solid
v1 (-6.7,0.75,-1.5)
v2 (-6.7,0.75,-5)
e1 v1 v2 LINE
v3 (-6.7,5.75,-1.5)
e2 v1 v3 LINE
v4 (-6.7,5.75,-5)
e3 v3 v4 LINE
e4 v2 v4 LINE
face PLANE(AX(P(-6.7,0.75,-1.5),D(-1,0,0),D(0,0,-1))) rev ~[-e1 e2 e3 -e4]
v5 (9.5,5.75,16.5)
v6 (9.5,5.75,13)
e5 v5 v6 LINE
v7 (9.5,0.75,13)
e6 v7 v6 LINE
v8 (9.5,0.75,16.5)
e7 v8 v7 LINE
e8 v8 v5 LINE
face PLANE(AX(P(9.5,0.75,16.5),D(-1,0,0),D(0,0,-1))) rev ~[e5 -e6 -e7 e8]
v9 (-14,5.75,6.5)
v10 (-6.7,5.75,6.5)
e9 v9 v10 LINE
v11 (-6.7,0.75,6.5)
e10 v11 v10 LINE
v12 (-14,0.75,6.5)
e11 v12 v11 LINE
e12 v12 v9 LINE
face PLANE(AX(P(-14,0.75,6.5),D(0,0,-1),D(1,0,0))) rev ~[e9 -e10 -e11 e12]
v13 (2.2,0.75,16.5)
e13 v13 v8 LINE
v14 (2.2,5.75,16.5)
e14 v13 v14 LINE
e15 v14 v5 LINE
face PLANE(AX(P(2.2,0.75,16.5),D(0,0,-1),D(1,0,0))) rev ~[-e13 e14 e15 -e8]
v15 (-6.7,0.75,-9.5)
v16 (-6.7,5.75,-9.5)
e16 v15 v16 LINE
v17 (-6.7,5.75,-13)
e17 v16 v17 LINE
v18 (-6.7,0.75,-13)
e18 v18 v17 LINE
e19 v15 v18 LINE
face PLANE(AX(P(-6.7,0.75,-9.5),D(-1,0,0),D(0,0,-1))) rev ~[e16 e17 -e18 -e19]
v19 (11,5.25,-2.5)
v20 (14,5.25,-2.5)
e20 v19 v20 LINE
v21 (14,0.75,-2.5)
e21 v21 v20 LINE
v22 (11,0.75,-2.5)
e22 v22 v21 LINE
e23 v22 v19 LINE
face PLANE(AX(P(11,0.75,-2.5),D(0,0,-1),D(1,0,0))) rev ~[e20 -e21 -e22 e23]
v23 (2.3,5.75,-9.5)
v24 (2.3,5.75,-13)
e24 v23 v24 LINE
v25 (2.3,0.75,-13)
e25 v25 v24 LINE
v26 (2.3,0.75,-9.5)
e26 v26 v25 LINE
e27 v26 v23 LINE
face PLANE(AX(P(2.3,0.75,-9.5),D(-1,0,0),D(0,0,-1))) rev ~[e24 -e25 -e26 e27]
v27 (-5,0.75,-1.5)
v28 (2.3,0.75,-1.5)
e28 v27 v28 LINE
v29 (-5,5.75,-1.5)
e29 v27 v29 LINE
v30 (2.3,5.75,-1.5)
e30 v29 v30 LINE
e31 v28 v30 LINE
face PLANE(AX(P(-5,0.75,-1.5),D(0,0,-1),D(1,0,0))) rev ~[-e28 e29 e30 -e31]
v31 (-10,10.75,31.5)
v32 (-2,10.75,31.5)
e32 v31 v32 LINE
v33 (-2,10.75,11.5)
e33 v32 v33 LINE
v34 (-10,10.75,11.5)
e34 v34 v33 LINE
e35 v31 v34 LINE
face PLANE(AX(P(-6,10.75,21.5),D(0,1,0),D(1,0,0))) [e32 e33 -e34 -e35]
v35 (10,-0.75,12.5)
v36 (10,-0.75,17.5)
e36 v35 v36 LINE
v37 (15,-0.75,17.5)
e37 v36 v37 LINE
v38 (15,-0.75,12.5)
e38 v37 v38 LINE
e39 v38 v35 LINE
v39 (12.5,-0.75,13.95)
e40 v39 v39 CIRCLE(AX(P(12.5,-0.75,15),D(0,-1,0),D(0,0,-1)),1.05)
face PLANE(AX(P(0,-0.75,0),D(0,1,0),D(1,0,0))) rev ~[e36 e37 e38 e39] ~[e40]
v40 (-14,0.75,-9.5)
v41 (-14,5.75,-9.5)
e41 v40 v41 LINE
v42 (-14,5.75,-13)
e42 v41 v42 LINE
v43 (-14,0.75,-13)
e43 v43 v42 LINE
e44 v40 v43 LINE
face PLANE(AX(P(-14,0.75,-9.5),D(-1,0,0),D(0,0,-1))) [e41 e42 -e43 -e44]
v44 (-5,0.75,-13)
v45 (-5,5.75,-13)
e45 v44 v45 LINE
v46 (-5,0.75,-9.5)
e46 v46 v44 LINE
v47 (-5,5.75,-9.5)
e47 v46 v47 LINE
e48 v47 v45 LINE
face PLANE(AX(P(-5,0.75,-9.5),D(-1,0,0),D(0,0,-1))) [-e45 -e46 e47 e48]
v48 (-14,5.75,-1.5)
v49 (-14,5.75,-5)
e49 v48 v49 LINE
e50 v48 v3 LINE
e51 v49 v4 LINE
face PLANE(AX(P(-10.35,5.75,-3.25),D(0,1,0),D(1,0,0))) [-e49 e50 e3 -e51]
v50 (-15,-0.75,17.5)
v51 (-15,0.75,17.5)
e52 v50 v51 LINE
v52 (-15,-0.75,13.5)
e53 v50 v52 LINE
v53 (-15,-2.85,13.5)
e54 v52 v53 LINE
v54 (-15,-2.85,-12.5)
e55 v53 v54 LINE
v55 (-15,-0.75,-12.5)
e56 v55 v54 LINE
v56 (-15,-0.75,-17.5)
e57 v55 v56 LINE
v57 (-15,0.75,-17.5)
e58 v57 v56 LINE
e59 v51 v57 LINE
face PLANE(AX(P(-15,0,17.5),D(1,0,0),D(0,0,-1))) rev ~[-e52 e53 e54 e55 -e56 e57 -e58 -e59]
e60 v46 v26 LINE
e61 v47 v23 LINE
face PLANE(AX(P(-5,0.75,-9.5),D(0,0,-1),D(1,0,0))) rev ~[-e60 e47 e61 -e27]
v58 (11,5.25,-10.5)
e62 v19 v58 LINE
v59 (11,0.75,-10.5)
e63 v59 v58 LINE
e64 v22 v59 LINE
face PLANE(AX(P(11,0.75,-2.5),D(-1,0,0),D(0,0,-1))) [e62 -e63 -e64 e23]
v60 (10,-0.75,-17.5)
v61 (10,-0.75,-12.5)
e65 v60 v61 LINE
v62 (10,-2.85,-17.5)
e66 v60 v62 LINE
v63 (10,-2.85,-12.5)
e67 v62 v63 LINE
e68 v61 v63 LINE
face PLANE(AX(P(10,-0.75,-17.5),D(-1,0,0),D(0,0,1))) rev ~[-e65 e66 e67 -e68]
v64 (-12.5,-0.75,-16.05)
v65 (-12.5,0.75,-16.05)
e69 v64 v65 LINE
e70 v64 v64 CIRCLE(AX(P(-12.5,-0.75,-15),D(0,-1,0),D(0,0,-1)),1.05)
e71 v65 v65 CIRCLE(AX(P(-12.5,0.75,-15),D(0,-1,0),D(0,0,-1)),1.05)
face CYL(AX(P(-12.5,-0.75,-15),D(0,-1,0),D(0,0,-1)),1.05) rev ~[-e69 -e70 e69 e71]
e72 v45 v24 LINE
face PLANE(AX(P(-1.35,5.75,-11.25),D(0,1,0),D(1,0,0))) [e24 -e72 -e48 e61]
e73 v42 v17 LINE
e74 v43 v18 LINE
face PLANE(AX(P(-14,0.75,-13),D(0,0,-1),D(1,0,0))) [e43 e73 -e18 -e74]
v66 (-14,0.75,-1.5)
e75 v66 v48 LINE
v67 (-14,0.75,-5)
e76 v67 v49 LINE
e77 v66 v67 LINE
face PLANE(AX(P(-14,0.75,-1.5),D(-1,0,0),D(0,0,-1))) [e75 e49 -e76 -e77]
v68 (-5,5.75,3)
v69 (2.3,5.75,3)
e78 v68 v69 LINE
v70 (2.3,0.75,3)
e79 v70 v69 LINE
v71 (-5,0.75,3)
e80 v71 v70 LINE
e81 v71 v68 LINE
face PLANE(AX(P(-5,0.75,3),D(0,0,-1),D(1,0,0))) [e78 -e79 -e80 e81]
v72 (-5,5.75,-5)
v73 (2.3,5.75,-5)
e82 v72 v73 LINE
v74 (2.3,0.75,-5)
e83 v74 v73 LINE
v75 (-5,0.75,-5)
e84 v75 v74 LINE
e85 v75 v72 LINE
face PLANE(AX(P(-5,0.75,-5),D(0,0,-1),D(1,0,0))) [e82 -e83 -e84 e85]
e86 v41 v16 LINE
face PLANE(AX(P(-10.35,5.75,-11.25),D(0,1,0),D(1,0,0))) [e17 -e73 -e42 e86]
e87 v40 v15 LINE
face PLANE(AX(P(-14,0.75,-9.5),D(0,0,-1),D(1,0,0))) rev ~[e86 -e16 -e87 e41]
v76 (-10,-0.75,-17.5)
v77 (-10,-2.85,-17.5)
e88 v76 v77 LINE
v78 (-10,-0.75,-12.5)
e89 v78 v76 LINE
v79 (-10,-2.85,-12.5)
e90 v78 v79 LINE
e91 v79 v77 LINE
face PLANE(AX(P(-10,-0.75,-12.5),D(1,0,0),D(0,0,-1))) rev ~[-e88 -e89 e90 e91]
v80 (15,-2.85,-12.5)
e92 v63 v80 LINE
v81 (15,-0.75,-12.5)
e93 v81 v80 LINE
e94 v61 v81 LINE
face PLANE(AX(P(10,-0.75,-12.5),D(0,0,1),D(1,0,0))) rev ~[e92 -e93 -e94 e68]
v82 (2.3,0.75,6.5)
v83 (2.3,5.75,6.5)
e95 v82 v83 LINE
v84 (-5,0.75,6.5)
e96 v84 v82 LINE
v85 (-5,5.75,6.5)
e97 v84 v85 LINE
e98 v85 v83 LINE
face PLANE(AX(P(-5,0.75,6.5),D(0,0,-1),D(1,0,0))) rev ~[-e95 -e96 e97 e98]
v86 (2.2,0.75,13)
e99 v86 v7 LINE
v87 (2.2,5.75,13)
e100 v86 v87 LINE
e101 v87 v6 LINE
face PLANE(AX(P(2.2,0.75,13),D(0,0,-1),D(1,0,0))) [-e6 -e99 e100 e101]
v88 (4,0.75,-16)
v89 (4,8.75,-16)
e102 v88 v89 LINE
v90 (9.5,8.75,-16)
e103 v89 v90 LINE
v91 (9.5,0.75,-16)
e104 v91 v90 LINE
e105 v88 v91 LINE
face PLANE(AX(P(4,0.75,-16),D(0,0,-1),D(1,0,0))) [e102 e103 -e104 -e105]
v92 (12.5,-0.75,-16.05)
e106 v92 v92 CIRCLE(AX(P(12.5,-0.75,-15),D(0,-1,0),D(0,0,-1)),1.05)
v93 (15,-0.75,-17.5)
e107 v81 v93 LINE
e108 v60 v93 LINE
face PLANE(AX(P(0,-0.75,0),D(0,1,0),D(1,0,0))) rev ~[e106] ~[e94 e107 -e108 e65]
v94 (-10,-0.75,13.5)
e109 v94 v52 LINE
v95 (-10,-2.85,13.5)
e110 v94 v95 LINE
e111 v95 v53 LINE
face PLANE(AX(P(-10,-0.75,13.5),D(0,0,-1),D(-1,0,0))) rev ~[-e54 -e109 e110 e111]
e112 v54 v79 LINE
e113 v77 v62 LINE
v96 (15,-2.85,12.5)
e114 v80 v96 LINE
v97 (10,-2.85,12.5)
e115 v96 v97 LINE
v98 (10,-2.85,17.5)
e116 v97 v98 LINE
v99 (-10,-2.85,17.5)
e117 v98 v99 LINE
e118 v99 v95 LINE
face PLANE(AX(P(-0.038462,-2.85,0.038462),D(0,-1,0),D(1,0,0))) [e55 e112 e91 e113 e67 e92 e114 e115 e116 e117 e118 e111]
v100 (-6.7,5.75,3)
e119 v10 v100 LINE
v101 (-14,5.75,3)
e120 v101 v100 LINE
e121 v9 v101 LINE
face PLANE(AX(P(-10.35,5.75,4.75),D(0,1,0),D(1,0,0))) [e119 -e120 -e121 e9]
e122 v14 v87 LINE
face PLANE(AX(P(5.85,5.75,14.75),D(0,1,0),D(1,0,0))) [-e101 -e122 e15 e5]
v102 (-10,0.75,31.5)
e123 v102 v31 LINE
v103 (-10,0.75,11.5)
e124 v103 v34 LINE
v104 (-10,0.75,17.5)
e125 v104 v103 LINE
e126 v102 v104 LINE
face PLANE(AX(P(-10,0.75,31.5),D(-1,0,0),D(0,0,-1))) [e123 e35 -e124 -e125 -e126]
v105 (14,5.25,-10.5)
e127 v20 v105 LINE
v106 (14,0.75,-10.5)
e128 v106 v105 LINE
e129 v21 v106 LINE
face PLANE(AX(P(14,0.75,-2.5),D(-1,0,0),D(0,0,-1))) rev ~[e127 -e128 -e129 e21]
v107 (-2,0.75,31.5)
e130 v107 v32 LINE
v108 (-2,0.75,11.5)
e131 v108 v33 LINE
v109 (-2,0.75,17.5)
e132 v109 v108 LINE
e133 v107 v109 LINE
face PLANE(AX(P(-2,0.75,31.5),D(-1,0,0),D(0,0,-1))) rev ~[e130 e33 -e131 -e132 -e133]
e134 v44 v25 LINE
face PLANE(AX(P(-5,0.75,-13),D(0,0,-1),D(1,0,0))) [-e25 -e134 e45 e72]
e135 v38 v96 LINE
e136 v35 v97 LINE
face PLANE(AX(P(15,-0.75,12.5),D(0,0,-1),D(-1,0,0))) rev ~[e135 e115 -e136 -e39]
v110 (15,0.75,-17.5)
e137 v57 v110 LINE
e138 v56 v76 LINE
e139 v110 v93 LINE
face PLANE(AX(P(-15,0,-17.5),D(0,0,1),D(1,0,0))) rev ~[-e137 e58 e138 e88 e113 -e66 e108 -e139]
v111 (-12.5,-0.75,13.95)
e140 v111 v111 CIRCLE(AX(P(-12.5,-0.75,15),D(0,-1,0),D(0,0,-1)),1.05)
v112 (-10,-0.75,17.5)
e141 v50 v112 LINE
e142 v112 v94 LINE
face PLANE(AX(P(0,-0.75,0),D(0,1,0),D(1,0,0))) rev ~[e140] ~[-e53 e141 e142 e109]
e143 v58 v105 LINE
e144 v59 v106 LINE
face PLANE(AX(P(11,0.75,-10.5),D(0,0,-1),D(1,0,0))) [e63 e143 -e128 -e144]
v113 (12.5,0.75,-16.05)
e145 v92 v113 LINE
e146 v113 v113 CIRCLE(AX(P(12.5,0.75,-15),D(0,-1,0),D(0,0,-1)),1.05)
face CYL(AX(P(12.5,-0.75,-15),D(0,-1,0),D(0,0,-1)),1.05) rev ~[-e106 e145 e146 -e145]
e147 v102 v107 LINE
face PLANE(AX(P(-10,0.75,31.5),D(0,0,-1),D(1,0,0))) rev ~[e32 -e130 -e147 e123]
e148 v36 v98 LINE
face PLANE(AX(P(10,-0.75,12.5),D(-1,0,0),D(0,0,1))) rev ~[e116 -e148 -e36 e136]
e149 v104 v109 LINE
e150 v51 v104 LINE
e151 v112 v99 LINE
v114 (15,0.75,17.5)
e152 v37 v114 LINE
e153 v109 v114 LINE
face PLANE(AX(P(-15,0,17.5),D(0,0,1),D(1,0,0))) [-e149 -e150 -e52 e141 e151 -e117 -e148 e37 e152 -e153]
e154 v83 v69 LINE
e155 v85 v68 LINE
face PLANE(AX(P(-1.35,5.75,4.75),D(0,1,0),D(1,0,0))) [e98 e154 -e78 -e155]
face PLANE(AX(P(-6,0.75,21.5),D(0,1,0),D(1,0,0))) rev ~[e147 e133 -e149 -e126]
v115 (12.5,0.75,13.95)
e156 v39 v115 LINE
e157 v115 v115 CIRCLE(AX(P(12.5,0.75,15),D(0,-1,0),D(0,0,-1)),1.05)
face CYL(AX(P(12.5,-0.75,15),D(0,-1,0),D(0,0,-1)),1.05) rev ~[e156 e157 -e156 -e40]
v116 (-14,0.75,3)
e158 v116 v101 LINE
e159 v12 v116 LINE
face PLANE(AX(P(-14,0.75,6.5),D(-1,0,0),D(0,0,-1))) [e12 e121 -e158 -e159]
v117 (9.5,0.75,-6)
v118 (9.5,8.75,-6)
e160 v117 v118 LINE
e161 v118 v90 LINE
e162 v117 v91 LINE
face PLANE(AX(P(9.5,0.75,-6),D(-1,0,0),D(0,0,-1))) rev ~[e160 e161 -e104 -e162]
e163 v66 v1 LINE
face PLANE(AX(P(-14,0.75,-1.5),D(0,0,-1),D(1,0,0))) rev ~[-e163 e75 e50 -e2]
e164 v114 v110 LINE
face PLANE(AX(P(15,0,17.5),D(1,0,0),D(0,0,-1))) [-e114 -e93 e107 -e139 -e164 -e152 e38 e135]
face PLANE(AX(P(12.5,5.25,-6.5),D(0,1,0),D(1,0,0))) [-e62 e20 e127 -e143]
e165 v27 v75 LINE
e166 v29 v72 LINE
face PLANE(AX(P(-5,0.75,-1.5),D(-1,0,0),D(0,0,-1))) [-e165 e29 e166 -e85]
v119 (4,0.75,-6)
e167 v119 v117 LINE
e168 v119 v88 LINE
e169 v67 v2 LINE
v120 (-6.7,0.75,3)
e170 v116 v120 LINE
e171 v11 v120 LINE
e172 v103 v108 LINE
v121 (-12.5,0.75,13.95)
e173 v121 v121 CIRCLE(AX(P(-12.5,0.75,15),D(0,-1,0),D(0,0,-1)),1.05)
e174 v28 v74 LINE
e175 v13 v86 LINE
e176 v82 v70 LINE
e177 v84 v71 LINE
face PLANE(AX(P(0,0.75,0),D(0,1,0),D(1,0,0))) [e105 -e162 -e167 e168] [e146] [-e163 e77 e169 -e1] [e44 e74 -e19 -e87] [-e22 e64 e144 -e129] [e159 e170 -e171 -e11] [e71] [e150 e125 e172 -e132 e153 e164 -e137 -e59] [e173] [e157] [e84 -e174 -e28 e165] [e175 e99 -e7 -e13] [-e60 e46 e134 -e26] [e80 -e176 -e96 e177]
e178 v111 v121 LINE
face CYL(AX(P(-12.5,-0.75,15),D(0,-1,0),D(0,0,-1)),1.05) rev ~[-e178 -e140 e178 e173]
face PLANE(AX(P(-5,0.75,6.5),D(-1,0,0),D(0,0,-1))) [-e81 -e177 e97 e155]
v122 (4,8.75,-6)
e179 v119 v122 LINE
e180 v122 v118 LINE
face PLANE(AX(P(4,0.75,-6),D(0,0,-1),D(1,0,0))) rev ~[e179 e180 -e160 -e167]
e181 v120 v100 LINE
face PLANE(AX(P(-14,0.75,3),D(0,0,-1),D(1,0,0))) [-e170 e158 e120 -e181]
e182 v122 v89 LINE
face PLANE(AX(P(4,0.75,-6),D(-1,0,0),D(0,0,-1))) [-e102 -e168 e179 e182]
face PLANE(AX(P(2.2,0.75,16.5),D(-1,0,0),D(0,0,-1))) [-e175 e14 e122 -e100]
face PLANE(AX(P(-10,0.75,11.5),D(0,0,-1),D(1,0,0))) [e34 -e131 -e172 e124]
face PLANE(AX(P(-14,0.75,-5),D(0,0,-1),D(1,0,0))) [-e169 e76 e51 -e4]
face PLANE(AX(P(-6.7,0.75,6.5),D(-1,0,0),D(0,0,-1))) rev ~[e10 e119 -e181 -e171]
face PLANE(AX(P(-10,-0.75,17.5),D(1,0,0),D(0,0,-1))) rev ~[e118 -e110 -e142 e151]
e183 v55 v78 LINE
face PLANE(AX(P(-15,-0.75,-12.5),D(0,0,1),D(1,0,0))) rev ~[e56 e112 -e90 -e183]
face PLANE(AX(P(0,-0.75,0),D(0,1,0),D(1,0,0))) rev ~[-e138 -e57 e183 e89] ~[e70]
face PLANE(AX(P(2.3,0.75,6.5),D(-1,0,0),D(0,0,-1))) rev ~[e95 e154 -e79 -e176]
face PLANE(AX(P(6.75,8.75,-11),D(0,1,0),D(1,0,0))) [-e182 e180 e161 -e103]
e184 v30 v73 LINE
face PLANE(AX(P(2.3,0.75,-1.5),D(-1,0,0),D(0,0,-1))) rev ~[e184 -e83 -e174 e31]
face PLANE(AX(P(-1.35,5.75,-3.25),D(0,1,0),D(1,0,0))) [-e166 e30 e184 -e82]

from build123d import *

# Parameters (mm, degrees)
SKETCH_1_W                       = 30
SKETCH_1_H                       = 35
EXTRUDE_1_DEPTH                  = 0.75
SKETCH_2_R                       = 1.05
CUT_EXTRUDE_1_DEPTH              = 1.5
EXTRUDE_2_DEPTH                  = 2.1
SKETCH_4_W                       = 7.3
SKETCH_4_H                       = 3.5
EXTRUDE_3_DEPTH                  = 5
SKETCH_5_W                       = 7.3
SKETCH_5_H                       = 3.5
EXTRUDE_4_DEPTH                  = 5
PATTERN_LINEAR_1_COUNT           = 2
PATTERN_LINEAR_1_PITCH           = 9
PATTERN_LINEAR_2_COUNT           = 3
PATTERN_LINEAR_2_PITCH           = 8
PATTERN_LINEAR_2_COPY_1_SKETCH_W = 7.3
PATTERN_LINEAR_2_COPY_1_SKETCH_H = 3.5
PATTERN_LINEAR_2_COPY_1_DEPTH    = 5
PATTERN_LINEAR_2_COPY_2_SKETCH_W = 7.3
PATTERN_LINEAR_2_COPY_2_SKETCH_H = 3.5
PATTERN_LINEAR_2_COPY_2_DEPTH    = 5
SKETCH_6_W                       = 3
SKETCH_6_H                       = 8
EXTRUDE_5_DEPTH                  = 4.5
SKETCH_7_W                       = 8
SKETCH_7_H                       = 20
EXTRUDE_6_DEPTH                  = 10
SKETCH_8_W                       = 5.5
SKETCH_8_H                       = 10
EXTRUDE_7_DEPTH                  = 8


with BuildPart() as part:
    # ｽｹｯﾁ1 → ﾎﾞｽ - 押し出し1 (new, symmetric)
    with BuildSketch(Plane(origin=(0, 0, 0), x_dir=(1, 0, 0), z_dir=(0, 1, 0))):
        Rectangle(SKETCH_1_W, SKETCH_1_H)
    extrude(amount=EXTRUDE_1_DEPTH, both=True)

    # ｽｹｯﾁ2 → ｶｯﾄ - 押し出し1 (cut)
    with BuildSketch(Plane.XZ.offset(0.75)):
        with Locations(Location((-12.5, 15, 0), (0, 0, 270))):
            Circle(SKETCH_2_R)
        with Locations(Location((-12.5, -15, 0), (0, 0, 270))):
            Circle(SKETCH_2_R)
        with Locations(Location((12.5, 15, 0), (0, 0, 270))):
            Circle(SKETCH_2_R)
        with Locations(Location((12.5, -15, 0), (0, 0, 270))):
            Circle(SKETCH_2_R)
    extrude(amount=-CUT_EXTRUDE_1_DEPTH, mode=Mode.SUBTRACT)

    # ｽｹｯﾁ3 → ﾎﾞｽ - 押し出し2 (add)
    with BuildSketch(Plane.XZ.offset(0.75)):
        Polygon((-10, 17.5), (-10, 13.5), (-15, 13.5), (-15, -12.5), (-10, -12.5), (-10, -17.5), (10, -17.5), (10, -12.5), (15, -12.5), (15, 12.5), (10, 12.5), (10, 17.5), align=None)
    extrude(amount=EXTRUDE_2_DEPTH)

    # ｽｹｯﾁ4 → ﾎﾞｽ - 押し出し3 (add)
    with BuildSketch(Plane(origin=(0, 0.75, 0), x_dir=(1, 0, 0), z_dir=(0, 1, 0))):
        with Locations((5.85, -14.75)):
            Rectangle(SKETCH_4_W, SKETCH_4_H)
    extrude(amount=EXTRUDE_3_DEPTH)

    # ｽｹｯﾁ5 → ﾎﾞｽ - 押し出し4 (add)
    with BuildSketch(Plane(origin=(0, 0.75, 0), x_dir=(1, 0, 0), z_dir=(0, 1, 0))):
        with Locations((-10.35, 11.25)):
            Rectangle(SKETCH_5_W, SKETCH_5_H)
    extrude_4 = extrude(amount=EXTRUDE_4_DEPTH)

    # 直線ﾊﾟﾀｰﾝ1: ﾎﾞｽ - 押し出し4 ×2
    with Locations(*[(i * PATTERN_LINEAR_1_PITCH, 0, 0) for i in range(1, PATTERN_LINEAR_1_COUNT)]):
        add(extrude_4)

    # 直線ﾊﾟﾀｰﾝ2: ﾎﾞｽ - 押し出し4 ×3
    with Locations(*[(0, 0, i * PATTERN_LINEAR_2_PITCH) for i in range(1, PATTERN_LINEAR_2_COUNT)]):
        add(extrude_4)

    # 直線ﾊﾟﾀｰﾝ2 copy 1 sketch → 直線ﾊﾟﾀｰﾝ2 copy 1 (add)
    with BuildSketch(Plane(origin=(9, 0.75, 8), x_dir=(1, 0, 0), z_dir=(0, 1, 0))):
        with Locations((-10.35, 11.25)):
            Rectangle(PATTERN_LINEAR_2_COPY_1_SKETCH_W, PATTERN_LINEAR_2_COPY_1_SKETCH_H)
    extrude(amount=PATTERN_LINEAR_2_COPY_1_DEPTH)

    # 直線ﾊﾟﾀｰﾝ2 copy 2 sketch → 直線ﾊﾟﾀｰﾝ2 copy 2 (add)
    with BuildSketch(Plane(origin=(9, 0.75, 16), x_dir=(1, 0, 0), z_dir=(0, 1, 0))):
        with Locations((-10.35, 11.25)):
            Rectangle(PATTERN_LINEAR_2_COPY_2_SKETCH_W, PATTERN_LINEAR_2_COPY_2_SKETCH_H)
    extrude(amount=PATTERN_LINEAR_2_COPY_2_DEPTH)

    # ｽｹｯﾁ6 → ﾎﾞｽ - 押し出し5 (add)
    with BuildSketch(Plane(origin=(0, 0.75, 0), x_dir=(1, 0, 0), z_dir=(0, 1, 0))):
        with Locations((12.5, 6.5)):
            Rectangle(SKETCH_6_W, SKETCH_6_H)
    extrude(amount=EXTRUDE_5_DEPTH)

    # ｽｹｯﾁ7 → ﾎﾞｽ - 押し出し6 (add)
    with BuildSketch(Plane(origin=(0, 0.75, 0), x_dir=(1, 0, 0), z_dir=(0, 1, 0))):
        with Locations((-6, -21.5)):
            Rectangle(SKETCH_7_W, SKETCH_7_H)
    extrude(amount=EXTRUDE_6_DEPTH)

    # ｽｹｯﾁ8 → ﾎﾞｽ - 押し出し7 (add)
    with BuildSketch(Plane(origin=(0, 0.75, 0), x_dir=(1, 0, 0), z_dir=(0, 1, 0))):
        with Locations((6.75, 11)):
            Rectangle(SKETCH_8_W, SKETCH_8_H)
    extrude(amount=EXTRUDE_7_DEPTH)


solid = part.part
